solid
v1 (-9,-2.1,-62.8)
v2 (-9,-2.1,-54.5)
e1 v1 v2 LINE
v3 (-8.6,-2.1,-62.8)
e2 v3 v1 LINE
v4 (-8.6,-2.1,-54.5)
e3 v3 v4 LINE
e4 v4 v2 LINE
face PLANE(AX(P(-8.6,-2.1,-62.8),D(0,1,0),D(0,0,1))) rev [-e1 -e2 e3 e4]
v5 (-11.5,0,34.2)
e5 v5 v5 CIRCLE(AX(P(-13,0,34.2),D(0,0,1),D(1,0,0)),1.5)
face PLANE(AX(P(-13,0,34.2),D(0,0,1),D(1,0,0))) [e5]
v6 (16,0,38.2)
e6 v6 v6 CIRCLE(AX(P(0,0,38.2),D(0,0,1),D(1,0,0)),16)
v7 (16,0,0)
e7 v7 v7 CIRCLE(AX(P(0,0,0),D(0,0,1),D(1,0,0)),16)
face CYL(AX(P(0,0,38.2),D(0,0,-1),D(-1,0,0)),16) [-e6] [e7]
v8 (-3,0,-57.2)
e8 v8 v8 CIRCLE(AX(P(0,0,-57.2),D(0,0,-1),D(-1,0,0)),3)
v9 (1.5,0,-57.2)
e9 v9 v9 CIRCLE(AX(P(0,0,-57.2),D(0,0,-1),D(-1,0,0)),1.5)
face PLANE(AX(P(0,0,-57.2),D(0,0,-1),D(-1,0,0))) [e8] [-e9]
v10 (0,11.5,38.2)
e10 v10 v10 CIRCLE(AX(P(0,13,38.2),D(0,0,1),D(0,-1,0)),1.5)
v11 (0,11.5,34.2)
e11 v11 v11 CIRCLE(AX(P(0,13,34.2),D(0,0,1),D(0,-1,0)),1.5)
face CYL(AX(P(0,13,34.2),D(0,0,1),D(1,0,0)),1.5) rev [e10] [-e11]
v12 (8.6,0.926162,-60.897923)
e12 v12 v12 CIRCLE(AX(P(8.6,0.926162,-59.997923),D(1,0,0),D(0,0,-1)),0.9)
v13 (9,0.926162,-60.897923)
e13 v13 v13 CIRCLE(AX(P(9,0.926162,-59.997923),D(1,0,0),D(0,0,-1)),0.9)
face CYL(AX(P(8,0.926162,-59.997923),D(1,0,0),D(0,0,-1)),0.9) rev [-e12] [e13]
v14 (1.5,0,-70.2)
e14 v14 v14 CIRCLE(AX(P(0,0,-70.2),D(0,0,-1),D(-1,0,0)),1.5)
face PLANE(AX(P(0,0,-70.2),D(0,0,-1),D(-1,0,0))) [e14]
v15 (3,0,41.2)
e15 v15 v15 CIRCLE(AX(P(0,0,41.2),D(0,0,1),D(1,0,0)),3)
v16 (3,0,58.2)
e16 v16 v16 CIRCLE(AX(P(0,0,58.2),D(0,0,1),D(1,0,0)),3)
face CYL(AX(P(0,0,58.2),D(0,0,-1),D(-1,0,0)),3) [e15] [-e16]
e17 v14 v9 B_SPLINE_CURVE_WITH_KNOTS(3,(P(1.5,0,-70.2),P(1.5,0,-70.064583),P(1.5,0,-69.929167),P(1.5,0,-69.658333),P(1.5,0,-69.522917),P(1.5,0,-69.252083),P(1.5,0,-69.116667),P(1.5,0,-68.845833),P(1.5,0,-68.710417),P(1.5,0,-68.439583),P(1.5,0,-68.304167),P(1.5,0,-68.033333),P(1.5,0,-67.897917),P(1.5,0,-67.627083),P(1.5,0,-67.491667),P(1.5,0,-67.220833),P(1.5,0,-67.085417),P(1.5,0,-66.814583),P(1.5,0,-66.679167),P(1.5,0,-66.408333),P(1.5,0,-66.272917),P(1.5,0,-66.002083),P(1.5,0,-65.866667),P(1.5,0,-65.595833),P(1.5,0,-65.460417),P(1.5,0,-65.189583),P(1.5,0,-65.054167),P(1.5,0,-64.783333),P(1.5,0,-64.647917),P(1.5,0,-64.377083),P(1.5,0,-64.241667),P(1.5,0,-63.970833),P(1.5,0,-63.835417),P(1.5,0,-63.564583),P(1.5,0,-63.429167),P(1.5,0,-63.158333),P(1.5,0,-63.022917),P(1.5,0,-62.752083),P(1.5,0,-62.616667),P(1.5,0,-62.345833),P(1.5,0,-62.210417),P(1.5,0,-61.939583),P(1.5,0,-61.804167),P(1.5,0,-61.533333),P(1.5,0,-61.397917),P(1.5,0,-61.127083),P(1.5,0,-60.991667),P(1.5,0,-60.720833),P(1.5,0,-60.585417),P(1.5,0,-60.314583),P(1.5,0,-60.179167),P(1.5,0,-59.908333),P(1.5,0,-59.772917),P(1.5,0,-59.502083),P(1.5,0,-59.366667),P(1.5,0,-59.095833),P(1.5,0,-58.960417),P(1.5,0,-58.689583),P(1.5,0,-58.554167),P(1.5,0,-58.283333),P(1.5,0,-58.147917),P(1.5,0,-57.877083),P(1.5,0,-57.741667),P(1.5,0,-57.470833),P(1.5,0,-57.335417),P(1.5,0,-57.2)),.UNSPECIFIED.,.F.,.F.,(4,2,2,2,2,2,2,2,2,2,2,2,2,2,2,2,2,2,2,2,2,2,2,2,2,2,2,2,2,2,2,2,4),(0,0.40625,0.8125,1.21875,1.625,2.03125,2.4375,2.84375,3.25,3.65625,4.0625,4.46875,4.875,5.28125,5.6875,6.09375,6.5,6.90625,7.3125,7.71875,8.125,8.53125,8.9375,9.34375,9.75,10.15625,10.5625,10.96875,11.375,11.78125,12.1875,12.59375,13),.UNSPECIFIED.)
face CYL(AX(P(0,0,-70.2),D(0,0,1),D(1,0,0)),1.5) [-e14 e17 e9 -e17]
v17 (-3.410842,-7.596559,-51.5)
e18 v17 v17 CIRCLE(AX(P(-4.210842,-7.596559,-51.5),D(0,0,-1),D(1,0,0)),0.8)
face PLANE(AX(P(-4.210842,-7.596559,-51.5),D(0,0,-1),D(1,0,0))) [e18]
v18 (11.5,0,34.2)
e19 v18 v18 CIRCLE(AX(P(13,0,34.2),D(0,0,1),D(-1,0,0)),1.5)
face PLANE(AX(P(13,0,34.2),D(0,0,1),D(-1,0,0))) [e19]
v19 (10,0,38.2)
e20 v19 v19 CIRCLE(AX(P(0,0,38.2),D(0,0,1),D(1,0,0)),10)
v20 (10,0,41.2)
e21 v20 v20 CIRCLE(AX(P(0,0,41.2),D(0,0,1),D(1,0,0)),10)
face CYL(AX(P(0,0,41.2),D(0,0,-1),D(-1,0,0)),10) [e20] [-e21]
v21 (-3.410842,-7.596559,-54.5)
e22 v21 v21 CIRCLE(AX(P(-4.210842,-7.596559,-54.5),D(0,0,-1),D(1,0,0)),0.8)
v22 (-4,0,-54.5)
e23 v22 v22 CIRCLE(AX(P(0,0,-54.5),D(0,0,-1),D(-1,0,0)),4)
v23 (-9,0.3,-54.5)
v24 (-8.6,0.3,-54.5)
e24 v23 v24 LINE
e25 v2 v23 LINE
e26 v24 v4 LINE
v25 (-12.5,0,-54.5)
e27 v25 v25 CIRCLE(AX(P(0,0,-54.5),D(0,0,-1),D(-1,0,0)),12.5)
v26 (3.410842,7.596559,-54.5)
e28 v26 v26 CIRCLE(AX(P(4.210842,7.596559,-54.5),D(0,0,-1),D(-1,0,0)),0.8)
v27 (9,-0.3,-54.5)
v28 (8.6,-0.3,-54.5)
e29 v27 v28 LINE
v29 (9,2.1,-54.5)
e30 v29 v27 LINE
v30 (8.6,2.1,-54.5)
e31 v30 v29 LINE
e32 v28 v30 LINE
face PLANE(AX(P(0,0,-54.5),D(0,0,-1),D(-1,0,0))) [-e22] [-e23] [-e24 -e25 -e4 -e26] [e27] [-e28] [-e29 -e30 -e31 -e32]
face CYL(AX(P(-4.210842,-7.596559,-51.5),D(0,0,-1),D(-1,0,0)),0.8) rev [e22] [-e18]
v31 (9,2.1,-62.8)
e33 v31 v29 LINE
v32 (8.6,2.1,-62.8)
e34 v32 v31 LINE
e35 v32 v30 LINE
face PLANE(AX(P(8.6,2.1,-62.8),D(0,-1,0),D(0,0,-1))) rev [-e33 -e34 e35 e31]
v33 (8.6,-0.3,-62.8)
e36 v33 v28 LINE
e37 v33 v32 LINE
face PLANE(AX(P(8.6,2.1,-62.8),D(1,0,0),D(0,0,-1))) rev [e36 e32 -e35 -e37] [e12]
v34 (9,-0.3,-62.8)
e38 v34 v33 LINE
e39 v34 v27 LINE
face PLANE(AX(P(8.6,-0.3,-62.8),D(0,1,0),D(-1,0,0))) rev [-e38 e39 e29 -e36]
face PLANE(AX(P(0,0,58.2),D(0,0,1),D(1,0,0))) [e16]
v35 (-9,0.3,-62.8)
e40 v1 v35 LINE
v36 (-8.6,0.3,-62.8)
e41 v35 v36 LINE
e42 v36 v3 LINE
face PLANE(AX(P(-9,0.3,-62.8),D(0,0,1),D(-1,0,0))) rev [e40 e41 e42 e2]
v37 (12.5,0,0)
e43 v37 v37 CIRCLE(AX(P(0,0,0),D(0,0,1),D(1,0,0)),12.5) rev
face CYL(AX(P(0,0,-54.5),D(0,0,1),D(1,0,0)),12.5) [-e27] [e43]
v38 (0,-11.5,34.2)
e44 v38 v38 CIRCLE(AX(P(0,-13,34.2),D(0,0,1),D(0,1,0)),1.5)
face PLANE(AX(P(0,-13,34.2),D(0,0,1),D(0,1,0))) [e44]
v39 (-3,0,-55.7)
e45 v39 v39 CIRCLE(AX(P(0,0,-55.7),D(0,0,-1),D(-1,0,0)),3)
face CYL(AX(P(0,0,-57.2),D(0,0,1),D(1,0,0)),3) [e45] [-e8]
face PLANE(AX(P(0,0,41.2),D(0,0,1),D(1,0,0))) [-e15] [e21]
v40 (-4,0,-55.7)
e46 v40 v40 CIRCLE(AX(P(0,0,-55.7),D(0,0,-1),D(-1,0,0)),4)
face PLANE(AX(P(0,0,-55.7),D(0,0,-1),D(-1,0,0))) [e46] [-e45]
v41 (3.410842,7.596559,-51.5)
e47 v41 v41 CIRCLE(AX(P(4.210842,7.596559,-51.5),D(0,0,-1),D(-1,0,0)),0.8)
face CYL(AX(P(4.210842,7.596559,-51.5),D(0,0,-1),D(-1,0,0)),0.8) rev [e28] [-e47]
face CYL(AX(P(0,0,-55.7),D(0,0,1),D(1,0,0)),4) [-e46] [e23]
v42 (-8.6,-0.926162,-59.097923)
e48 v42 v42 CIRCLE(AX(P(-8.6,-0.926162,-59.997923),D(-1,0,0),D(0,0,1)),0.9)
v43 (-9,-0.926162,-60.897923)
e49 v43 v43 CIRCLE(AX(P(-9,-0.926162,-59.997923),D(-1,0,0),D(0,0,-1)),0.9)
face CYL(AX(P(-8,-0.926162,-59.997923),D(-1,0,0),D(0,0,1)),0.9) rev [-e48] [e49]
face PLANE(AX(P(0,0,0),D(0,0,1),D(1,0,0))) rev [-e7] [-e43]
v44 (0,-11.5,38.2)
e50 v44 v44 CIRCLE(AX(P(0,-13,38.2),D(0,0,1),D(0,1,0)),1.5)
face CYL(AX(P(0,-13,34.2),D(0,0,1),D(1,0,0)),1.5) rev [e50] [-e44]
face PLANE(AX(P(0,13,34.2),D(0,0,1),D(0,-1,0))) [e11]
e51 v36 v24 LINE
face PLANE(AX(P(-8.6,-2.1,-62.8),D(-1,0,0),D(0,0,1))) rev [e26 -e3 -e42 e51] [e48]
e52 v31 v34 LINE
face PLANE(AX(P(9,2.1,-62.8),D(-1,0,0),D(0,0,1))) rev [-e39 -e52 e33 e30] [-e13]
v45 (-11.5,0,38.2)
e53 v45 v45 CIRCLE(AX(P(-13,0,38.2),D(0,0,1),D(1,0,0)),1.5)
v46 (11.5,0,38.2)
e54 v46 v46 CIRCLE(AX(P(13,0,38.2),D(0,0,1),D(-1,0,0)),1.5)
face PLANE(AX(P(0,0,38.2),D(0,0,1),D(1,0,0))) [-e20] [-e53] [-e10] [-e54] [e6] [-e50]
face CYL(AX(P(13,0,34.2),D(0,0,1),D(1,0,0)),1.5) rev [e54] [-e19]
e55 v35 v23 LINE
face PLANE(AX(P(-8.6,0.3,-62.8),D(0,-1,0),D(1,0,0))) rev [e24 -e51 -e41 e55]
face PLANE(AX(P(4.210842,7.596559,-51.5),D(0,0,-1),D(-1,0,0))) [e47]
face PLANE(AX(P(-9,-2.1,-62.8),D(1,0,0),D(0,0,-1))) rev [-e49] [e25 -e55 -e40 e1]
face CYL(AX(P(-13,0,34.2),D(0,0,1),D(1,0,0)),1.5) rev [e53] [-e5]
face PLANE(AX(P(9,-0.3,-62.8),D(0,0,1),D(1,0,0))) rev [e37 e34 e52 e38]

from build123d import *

# Parameters (mm, degrees)
ESQUISSE1_R                  = 16
BOSS_EXTRU_1_DEPTH           = 38.2
ESQUISSE4_R                  = 12.5
BOSS_EXTRU_2_DEPTH           = 54.5
ESQUISSE5_R                  = 10
BOSS_EXTRU_3_DEPTH           = 3
ESQUISSE6_R                  = 3
BOSS_EXTRU_4_DEPTH           = 17
ESQUISSE8_R                  = 4
BOSS_EXTRU_5_DEPTH           = 1.2
ESQUISSE9_R                  = 3
BOSS_EXTRU_6_DEPTH           = 1.5
ESQUISSE10_R                 = 1.5
BOSS_EXTRU_7_DEPTH           = 13
ESQUISSE11_W                 = 0.4
ESQUISSE11_H                 = 2.4
BOSS_EXTRU_8_DEPTH           = 8.3
ESQUISSE14_R                 = 0.9
ENL_V_MAT_EXTRU_2_DEPTH      = 1
R_P_TITION_CIRCULAIRE3_COUNT = 2
R_P_TITION_CIRCULAIRE4_COUNT = 2
ESQUISSE15_R                 = 0.8
ENL_V_MAT_EXTRU_3_DEPTH      = 3
R_P_TITION_CIRCULAIRE5_COUNT = 2
ESQUISSE16_R                 = 1.5
ENL_V_MAT_EXTRU_4_DEPTH      = 4
R_P_TITION_CIRCULAIRE6_COUNT = 4


with BuildPart() as part:
    # Esquisse1 → Boss.-Extru.1 (new body)
    with BuildSketch(Plane.XY):
        Circle(ESQUISSE1_R)
    extrude(amount=BOSS_EXTRU_1_DEPTH)

    # Esquisse4 → Boss.-Extru.2 (add)
    with BuildSketch(Plane(origin=(0, 0, 0), x_dir=(-1, 0, 0), z_dir=(0, 0, -1))):
        with Locations(Location((0, 0, 0), (0, 0, 180))):
            Circle(ESQUISSE4_R)
    extrude(amount=BOSS_EXTRU_2_DEPTH)

    # Esquisse5 → Boss.-Extru.3 (add)
    with BuildSketch(Plane.XY.offset(38.2)):
        Circle(ESQUISSE5_R)
    extrude(amount=BOSS_EXTRU_3_DEPTH)

    # Esquisse6 → Boss.-Extru.4 (add)
    with BuildSketch(Plane.XY.offset(41.2)):
        Circle(ESQUISSE6_R)
    extrude(amount=BOSS_EXTRU_4_DEPTH)

    # Esquisse8 → Boss.-Extru.5 (add)
    with BuildSketch(Plane(origin=(0, 0, -54.5), x_dir=(-1, 0, 0), z_dir=(0, 0, -1))):
        Circle(ESQUISSE8_R)
    extrude(amount=BOSS_EXTRU_5_DEPTH)

    # Esquisse9 → Boss.-Extru.6 (add)
    with BuildSketch(Plane(origin=(0, 0, -55.7), x_dir=(-1, 0, 0), z_dir=(0, 0, -1))):
        with Locations(Location((0, 0, 0), (0, 0, 180))):
            Circle(ESQUISSE9_R)
    extrude(amount=BOSS_EXTRU_6_DEPTH)

    # Esquisse10 → Boss.-Extru.7 (add)
    with BuildSketch(Plane(origin=(0, 0, -57.2), x_dir=(-1, 0, 0), z_dir=(0, 0, -1))):
        with Locations(Location((0, 0, 0), (0, 0, 180))):
            Circle(ESQUISSE10_R)
    extrude(amount=BOSS_EXTRU_7_DEPTH)

    # Esquisse11 → Boss.-Extru.8 (add)
    with BuildSketch(Plane(origin=(0, 0, -54.5), x_dir=(-1, 0, 0), z_dir=(0, 0, -1))):
        with Locations((-8.8, 0.9)):
            Rectangle(ESQUISSE11_W, ESQUISSE11_H)
    boss_extru_8 = extrude(amount=BOSS_EXTRU_8_DEPTH)

    # Esquisse14 → Enlèv. mat.-Extru.2 (cut)
    with BuildSketch(Plane(origin=(9, 0, 0), x_dir=(0, 0, -1), z_dir=(1, 0, 0))):
        with Locations((59.997923429, 0.92616233)):
            Circle(ESQUISSE14_R)
    enl_v_mat_extru_2 = extrude(amount=-ENL_V_MAT_EXTRU_2_DEPTH, mode=Mode.SUBTRACT)

    # Répétition circulaire3: Boss.-Extru.8 ×2 about axis
    r_p_tition_circulaire3_axis = Axis((0, 0, 0), (0, 0, 1))
    for i in range(1, R_P_TITION_CIRCULAIRE3_COUNT):
        add(boss_extru_8.rotate(r_p_tition_circulaire3_axis, i * 360 / R_P_TITION_CIRCULAIRE3_COUNT))

    # Répétition circulaire4: Enlèv. mat.-Extru.2 ×2 about axis
    r_p_tition_circulaire4_axis = Axis((0, 0, -70.2), (0, 0, 1))
    for i in range(1, R_P_TITION_CIRCULAIRE4_COUNT):
        add(enl_v_mat_extru_2.rotate(r_p_tition_circulaire4_axis, i * 360 / R_P_TITION_CIRCULAIRE4_COUNT), mode=Mode.SUBTRACT)

    # Esquisse15 → Enlèv. mat.-Extru.3 (cut)
    with BuildSketch(Plane(origin=(0, 0, -54.5), x_dir=(-1, 0, 0), z_dir=(0, 0, -1))):
        with Locations((-4.210841648, 7.596559423)):
            Circle(ESQUISSE15_R)
    enl_v_mat_extru_3 = extrude(amount=-ENL_V_MAT_EXTRU_3_DEPTH, mode=Mode.SUBTRACT)

    # Répétition circulaire5: Enlèv. mat.-Extru.3 ×2 about axis
    r_p_tition_circulaire5_axis = Axis((0, 0, 0), (0, 0, 1))
    for i in range(1, R_P_TITION_CIRCULAIRE5_COUNT):
        add(enl_v_mat_extru_3.rotate(r_p_tition_circulaire5_axis, i * 360 / R_P_TITION_CIRCULAIRE5_COUNT), mode=Mode.SUBTRACT)

    # Esquisse16 → Enlèv. mat.-Extru.4 (cut)
    with BuildSketch(Plane.XY.offset(38.2)):
        with Locations((-13, 0)):
            Circle(ESQUISSE16_R)
    enl_v_mat_extru_4 = extrude(amount=-ENL_V_MAT_EXTRU_4_DEPTH, mode=Mode.SUBTRACT)

    # Répétition circulaire6: Enlèv. mat.-Extru.4 ×4 about axis
    r_p_tition_circulaire6_axis = Axis((0, 0, 0), (0, 0, 1))
    for i in range(1, R_P_TITION_CIRCULAIRE6_COUNT):
        add(enl_v_mat_extru_4.rotate(r_p_tition_circulaire6_axis, i * 360 / R_P_TITION_CIRCULAIRE6_COUNT), mode=Mode.SUBTRACT)


solid = part.part
